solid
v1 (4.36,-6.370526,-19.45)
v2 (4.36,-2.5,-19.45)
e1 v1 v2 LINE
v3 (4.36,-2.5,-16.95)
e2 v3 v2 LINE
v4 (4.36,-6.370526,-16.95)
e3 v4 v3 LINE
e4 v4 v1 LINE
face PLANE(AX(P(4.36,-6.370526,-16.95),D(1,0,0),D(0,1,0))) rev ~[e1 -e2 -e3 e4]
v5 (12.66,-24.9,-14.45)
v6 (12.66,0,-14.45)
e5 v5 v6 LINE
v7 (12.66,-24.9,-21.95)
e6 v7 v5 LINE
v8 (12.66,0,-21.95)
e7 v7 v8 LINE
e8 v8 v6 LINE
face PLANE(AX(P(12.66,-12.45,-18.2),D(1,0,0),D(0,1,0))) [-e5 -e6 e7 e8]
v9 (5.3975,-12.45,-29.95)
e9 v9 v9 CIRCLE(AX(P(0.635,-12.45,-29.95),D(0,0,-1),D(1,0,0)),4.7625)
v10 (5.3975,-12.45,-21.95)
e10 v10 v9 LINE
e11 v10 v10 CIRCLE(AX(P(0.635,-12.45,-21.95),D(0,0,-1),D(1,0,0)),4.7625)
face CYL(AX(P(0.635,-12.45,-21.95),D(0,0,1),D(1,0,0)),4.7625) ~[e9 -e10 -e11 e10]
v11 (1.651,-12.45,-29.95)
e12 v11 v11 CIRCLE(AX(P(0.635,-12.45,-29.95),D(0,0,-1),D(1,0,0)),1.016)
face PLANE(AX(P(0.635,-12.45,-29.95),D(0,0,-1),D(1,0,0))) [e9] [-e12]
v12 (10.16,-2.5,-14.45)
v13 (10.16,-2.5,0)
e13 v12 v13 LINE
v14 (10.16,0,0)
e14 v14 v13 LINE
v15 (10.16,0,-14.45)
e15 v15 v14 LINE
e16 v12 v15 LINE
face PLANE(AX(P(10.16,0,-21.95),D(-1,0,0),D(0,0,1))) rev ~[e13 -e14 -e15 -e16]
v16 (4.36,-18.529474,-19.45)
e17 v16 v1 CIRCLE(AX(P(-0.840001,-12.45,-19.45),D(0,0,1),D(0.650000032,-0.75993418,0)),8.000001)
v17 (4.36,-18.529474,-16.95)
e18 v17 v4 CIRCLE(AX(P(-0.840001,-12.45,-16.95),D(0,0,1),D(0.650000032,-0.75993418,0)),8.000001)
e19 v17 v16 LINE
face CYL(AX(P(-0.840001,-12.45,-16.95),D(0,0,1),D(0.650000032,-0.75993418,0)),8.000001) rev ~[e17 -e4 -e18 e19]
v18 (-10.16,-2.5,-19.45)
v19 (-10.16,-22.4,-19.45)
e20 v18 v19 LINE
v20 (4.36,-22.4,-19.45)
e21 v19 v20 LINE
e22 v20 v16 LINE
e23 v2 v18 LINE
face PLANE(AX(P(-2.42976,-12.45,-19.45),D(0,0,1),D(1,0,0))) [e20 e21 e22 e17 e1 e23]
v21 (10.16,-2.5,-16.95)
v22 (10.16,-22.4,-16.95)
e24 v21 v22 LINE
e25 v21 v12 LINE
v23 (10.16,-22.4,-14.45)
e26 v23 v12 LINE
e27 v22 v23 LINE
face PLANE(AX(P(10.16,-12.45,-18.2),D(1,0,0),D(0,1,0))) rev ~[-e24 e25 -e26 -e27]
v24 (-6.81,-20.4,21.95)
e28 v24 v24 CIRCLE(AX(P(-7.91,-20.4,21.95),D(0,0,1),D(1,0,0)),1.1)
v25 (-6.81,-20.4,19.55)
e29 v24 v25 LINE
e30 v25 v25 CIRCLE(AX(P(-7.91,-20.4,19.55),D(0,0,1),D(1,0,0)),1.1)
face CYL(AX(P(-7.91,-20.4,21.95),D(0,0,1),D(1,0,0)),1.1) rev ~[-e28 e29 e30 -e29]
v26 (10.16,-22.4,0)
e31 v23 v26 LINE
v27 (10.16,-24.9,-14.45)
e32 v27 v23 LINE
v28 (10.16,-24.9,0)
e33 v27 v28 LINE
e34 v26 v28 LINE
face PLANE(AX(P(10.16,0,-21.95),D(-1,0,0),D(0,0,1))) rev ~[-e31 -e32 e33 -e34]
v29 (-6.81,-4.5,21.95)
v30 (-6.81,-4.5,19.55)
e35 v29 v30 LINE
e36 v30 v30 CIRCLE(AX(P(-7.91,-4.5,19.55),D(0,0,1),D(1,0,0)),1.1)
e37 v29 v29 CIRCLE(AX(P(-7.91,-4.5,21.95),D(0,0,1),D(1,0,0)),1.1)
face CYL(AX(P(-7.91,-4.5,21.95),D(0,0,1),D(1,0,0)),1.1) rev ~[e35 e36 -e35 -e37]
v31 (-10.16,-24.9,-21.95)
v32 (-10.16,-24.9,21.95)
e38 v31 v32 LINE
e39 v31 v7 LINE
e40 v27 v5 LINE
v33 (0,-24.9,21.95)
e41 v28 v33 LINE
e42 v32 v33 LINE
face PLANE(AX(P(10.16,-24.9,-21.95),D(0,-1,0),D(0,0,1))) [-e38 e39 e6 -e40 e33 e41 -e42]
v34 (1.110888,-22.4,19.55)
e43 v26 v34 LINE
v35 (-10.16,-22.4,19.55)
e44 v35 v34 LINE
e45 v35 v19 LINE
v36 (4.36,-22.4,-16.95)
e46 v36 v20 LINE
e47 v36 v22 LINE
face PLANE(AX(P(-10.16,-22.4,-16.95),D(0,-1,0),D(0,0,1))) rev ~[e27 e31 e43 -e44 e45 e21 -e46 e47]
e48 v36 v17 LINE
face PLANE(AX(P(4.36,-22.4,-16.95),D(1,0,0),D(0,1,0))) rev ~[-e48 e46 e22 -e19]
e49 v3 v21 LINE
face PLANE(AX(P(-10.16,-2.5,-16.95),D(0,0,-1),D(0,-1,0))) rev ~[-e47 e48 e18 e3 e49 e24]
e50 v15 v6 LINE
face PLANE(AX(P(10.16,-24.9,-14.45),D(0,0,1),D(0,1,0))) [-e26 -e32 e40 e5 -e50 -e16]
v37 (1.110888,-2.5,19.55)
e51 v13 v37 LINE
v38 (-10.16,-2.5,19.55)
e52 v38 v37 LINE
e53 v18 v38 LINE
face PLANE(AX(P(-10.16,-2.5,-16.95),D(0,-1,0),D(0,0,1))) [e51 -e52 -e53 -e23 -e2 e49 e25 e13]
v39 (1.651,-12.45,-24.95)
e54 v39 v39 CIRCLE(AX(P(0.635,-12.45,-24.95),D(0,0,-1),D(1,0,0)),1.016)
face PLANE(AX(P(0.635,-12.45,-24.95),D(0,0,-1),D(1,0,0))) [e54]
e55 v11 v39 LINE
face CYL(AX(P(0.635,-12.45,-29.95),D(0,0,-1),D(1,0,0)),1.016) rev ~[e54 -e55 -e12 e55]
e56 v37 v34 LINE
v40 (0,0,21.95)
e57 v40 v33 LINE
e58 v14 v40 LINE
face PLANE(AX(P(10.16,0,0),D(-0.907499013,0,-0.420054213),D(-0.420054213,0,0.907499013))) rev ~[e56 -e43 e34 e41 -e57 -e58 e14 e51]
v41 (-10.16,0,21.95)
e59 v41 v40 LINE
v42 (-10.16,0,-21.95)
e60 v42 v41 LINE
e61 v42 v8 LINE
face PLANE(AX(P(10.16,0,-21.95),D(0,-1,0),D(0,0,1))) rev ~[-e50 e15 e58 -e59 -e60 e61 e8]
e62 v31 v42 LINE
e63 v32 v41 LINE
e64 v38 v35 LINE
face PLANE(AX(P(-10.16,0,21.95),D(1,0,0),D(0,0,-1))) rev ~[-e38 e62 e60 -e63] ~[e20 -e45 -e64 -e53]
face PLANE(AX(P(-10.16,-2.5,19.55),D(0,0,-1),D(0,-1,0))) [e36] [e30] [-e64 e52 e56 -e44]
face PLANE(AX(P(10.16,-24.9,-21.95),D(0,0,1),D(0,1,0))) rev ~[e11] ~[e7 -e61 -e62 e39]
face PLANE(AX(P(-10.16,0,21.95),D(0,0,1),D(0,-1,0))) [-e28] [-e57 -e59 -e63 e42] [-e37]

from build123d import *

# Parameters (mm, degrees)
F1_DEPTH  = 24.9
F2_W      = 19.9
F2_H      = 36.5
F3_DEPTH  = 25.4
F4_W      = 24.9
F4_H      = 5
F4_H_2    = 7.5
F5_DEPTH  = 2.5
F7_DEPTH  = 2.5
F8_R      = 1.1
F9_DEPTH  = 25.4
F10_R     = 4.7625
F11_DEPTH = 8
F12_R     = 1.016
F13_DEPTH = 5
F14_W     = 2.5
F14_H     = 7.5
F14_H_2   = 5
F15_DEPTH = 25.4
F16_W     = 24.9
F16_H     = 7.5
F17_DEPTH = 2.5


with BuildPart() as f1:
    # F0 (on Front) → F1 (new body)
    with BuildSketch(Plane.XZ):
        Polygon((10.16, 0), (0, 21.95), (-10.16, 21.95), (-10.16, -21.95), (10.16, -21.95), align=None)
    extrude(amount=F1_DEPTH)

    # F2 (on face) → F3 (cut)
    with BuildSketch(Plane(origin=(-10.16, 0, 0), x_dir=(0, -1, 0), z_dir=(-1, 0, 0))):
        with Locations((12.45, 1.3)):
            Rectangle(F2_W, F2_H)
    extrude(amount=-F3_DEPTH, mode=Mode.SUBTRACT)

    # F4 (on face) → F5 (join)
    with BuildSketch(Plane(origin=(-10.16, 0, 0), x_dir=(0, -1, 0), z_dir=(-1, 0, 0))):
        with Locations((12.45, 19.45)):
            Rectangle(F4_W, F4_H)
        with Locations((12.45, -18.2)):
            Rectangle(F4_W, F4_H_2)
    extrude(amount=F5_DEPTH)

    # F6 (on face) → F7 (cut)
    with BuildSketch(Plane.XY.offset(-16.95)):
        with BuildLine():
            Line((4.36, -6.370526), (4.36, -2.5))
            Line((4.36, -2.5), (-10.16, -2.5))
            Line((-10.16, -2.5), (-10.16, -22.4))
            Line((-10.16, -22.4), (4.36, -22.4))
            Line((4.36, -22.4), (4.36, -18.529474))
            ThreePointArc((4.36, -18.529474), (7.16, -12.45), (4.36, -6.370526))
        make_face()
    extrude(amount=-F7_DEPTH, mode=Mode.SUBTRACT)

    # F8 (on face) → F9 (cut)
    with BuildSketch(Plane.XY.offset(21.95)):
        with Locations((-7.91, -4.5)):
            Circle(F8_R)
        with Locations((-7.91, -20.4)):
            Circle(F8_R)
    extrude(amount=-F9_DEPTH, mode=Mode.SUBTRACT)

    # F10 (on face) → F11 (join)
    with BuildSketch(Plane(origin=(0, 0, -21.95), x_dir=(1, 0, 0), z_dir=(0, 0, -1))):
        with Locations((0.635, 12.45)):
            Circle(F10_R)
    extrude(amount=F11_DEPTH)

    # F12 (on face) → F13 (cut)
    with BuildSketch(Plane(origin=(0, 0, -29.95), x_dir=(1, 0, 0), z_dir=(0, 0, -1))):
        with Locations((0.635, 12.45)):
            Circle(F12_R)
    extrude(amount=-F13_DEPTH, mode=Mode.SUBTRACT)

    # F14 (on face) → F15 (cut)
    with BuildSketch(Plane.XZ.offset(24.9)):
        with Locations((-11.41, -18.2)):
            Rectangle(F14_W, F14_H)
        with Locations((-11.41, 19.45)):
            Rectangle(F14_W, F14_H_2)
    extrude(amount=-F15_DEPTH, mode=Mode.SUBTRACT)

    # F16 (on face) → F17 (join)
    with BuildSketch(Plane.YZ.offset(10.16)):
        with Locations((-12.45, -18.2)):
            Rectangle(F16_W, F16_H)
    extrude(amount=F17_DEPTH)


solid = f1.part
